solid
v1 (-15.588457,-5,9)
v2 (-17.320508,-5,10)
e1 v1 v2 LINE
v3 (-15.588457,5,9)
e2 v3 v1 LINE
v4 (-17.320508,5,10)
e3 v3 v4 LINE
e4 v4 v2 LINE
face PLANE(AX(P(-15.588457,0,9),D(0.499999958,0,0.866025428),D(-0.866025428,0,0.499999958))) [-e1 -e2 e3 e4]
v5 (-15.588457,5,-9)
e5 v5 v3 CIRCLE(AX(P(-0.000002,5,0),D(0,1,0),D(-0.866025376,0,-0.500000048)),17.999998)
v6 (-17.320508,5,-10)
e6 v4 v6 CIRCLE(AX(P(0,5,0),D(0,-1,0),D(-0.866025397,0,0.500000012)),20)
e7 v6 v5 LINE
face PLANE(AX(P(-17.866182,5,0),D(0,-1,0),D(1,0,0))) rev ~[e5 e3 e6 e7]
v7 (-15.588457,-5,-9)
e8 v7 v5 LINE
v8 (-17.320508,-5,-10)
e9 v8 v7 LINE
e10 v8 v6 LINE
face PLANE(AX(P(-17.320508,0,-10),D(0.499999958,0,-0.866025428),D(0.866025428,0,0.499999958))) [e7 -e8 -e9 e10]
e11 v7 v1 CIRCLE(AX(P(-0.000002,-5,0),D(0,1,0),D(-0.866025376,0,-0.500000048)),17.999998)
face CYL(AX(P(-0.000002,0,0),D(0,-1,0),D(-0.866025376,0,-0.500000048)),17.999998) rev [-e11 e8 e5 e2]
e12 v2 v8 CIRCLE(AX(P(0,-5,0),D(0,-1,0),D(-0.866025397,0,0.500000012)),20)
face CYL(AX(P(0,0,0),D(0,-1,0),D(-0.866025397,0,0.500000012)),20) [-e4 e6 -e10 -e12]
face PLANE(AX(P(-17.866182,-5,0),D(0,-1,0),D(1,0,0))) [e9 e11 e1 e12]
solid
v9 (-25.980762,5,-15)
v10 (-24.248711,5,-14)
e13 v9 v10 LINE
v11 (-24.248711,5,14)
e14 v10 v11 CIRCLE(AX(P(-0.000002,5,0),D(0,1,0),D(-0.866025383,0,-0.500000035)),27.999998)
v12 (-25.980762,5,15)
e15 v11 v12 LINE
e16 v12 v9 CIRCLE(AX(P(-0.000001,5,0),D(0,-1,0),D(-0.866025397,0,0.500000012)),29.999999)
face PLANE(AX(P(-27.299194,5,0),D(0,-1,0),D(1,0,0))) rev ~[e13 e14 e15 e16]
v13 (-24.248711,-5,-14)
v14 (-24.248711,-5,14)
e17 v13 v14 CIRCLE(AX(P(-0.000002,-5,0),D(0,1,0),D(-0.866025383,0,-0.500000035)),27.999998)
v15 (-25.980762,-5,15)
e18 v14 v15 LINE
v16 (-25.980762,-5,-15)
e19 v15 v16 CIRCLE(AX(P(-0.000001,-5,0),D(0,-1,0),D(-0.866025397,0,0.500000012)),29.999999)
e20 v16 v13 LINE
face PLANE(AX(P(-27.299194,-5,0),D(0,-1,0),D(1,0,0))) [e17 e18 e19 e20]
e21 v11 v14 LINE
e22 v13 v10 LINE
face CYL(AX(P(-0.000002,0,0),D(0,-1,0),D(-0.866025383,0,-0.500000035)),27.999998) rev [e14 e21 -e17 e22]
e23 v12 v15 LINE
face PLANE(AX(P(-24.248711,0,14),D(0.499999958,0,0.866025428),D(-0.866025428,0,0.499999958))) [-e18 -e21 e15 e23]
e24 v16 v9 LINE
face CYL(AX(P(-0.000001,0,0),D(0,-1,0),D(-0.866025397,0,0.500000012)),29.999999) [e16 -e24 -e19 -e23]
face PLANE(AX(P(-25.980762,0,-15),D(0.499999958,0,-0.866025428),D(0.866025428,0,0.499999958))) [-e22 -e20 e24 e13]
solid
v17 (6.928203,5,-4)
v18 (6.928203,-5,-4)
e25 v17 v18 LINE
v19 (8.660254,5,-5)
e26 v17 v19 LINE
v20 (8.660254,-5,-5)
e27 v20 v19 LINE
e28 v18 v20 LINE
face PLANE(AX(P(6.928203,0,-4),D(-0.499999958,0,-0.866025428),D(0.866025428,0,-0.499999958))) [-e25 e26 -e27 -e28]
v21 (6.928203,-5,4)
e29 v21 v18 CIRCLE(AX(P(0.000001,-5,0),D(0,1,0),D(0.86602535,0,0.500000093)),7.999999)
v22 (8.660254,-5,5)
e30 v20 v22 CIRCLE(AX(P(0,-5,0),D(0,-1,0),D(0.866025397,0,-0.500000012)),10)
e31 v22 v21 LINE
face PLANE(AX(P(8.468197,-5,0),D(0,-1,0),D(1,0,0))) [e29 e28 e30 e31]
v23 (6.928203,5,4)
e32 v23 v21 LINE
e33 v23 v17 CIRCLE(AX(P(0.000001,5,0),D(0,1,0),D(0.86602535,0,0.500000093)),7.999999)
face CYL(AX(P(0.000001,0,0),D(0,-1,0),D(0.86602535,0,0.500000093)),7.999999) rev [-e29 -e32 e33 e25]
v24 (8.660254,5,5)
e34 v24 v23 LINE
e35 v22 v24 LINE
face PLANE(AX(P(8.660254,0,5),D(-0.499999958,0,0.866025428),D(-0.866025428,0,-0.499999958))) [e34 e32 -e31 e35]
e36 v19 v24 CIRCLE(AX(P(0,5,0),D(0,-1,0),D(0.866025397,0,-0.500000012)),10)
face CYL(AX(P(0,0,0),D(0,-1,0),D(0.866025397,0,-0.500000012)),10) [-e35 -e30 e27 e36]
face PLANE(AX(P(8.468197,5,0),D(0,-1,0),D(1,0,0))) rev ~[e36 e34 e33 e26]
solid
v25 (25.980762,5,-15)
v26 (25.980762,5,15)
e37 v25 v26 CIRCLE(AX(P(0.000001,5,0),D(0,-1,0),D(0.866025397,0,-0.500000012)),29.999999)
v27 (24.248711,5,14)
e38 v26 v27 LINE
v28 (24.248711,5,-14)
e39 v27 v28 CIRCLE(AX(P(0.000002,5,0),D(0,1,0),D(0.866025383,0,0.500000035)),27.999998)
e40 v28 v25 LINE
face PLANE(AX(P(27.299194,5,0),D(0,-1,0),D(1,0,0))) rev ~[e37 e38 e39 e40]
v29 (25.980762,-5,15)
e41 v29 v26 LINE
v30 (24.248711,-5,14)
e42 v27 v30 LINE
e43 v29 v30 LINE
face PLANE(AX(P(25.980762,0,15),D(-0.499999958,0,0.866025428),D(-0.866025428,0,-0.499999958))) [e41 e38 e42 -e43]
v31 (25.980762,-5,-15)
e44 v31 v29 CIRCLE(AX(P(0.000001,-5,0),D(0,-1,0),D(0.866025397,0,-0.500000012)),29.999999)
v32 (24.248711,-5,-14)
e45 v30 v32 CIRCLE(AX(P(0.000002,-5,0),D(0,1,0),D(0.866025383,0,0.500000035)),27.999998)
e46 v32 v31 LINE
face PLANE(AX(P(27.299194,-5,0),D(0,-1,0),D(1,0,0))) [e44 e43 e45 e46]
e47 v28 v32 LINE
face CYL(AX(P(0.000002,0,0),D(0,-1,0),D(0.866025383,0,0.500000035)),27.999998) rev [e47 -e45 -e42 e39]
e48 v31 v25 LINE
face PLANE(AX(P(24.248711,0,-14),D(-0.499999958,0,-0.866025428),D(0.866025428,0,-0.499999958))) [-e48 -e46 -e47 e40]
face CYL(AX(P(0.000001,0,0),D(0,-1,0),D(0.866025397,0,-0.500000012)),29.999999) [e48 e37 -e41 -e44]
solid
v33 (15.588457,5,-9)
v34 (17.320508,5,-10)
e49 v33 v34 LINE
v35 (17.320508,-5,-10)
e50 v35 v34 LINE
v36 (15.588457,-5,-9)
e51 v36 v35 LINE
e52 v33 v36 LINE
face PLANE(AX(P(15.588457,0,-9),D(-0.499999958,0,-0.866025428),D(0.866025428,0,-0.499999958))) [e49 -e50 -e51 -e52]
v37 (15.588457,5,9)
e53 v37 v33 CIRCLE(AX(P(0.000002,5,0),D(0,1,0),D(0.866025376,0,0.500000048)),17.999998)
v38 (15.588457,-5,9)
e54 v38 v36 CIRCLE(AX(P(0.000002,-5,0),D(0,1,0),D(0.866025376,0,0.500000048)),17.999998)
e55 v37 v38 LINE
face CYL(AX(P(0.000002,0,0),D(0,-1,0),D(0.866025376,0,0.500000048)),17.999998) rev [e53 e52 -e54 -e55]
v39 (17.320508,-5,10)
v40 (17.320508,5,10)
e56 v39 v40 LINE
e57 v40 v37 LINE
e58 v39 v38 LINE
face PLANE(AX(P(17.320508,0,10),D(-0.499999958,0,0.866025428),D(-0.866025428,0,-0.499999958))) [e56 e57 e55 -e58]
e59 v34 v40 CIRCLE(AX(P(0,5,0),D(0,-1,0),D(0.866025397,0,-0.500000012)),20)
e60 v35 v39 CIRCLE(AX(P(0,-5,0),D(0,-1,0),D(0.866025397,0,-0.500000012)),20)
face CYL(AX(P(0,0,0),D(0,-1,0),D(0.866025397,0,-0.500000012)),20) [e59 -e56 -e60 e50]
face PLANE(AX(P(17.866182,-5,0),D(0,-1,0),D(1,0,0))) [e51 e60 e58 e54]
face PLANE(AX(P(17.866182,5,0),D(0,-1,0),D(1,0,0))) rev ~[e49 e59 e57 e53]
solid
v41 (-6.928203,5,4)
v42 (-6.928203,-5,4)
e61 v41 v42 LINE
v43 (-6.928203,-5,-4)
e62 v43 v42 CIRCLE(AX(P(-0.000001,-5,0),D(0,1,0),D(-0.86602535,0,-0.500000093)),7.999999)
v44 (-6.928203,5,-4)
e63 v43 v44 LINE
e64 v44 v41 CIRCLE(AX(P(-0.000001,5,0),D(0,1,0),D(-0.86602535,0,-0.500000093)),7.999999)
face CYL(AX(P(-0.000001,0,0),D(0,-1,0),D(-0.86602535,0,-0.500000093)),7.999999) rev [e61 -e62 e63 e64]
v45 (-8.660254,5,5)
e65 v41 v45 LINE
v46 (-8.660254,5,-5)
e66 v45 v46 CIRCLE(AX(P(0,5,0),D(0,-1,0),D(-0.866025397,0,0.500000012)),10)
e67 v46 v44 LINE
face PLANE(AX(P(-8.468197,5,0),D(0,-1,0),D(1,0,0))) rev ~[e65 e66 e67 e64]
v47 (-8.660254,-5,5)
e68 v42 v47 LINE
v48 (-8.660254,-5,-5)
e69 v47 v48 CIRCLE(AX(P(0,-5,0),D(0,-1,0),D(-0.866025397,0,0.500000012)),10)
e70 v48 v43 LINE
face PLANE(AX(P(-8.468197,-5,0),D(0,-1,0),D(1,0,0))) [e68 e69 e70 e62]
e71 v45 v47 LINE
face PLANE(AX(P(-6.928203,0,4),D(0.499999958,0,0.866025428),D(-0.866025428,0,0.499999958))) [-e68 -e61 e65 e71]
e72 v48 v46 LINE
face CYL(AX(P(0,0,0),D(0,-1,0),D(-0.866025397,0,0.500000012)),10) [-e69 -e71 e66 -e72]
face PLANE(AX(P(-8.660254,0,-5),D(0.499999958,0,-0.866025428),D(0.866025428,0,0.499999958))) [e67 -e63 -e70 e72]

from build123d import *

# Parameters (mm, degrees)
F1_DEPTH      = 5
F1_DEPTH_BACK = 5


with BuildPart() as f1:
    # F0 (on Front) → F1 (new body, two sides)
    with BuildSketch(Plane.XZ) as f1_sk:
        with BuildLine():
            Line((25.980762, 15), (24.248711, 14))
            ThreePointArc((24.248711, 14), (28, 0), (24.248711, -14))
            Line((24.248711, -14), (25.980762, -15))
            ThreePointArc((25.980762, -15), (30, 0), (25.980762, 15))
        make_face()
        with BuildLine():
            Line((17.320508, 10), (15.588457, 9))
            ThreePointArc((15.588457, 9), (18, 0), (15.588457, -9))
            Line((15.588457, -9), (17.320508, -10))
            ThreePointArc((17.320508, -10), (20, 0), (17.320508, 10))
        make_face()
        with BuildLine():
            Line((8.660254, 5), (6.928203, 4))
            ThreePointArc((6.928203, 4), (8, 0), (6.928203, -4))
            Line((6.928203, -4), (8.660254, -5))
            ThreePointArc((8.660254, -5), (10, 0), (8.660254, 5))
        make_face()
        with BuildLine():
            ThreePointArc((-6.928203, -4), (-8, 0), (-6.928203, 4))
            Line((-6.928203, 4), (-8.660254, 5))
            ThreePointArc((-8.660254, 5), (-10, 0), (-8.660254, -5))
            Line((-8.660254, -5), (-6.928203, -4))
        make_face()
        with BuildLine():
            ThreePointArc((-15.588457, -9), (-18, 0), (-15.588457, 9))
            Line((-15.588457, 9), (-17.320508, 10))
            ThreePointArc((-17.320508, 10), (-20, 0), (-17.320508, -10))
            Line((-17.320508, -10), (-15.588457, -9))
        make_face()
        with BuildLine():
            ThreePointArc((-24.248711, -14), (-28, 0), (-24.248711, 14))
            Line((-24.248711, 14), (-25.980762, 15))
            ThreePointArc((-25.980762, 15), (-30, 0), (-25.980762, -15))
            Line((-25.980762, -15), (-24.248711, -14))
        make_face()
    extrude(amount=F1_DEPTH)
    extrude(f1_sk.sketch, amount=-F1_DEPTH_BACK)


solid = f1.part
